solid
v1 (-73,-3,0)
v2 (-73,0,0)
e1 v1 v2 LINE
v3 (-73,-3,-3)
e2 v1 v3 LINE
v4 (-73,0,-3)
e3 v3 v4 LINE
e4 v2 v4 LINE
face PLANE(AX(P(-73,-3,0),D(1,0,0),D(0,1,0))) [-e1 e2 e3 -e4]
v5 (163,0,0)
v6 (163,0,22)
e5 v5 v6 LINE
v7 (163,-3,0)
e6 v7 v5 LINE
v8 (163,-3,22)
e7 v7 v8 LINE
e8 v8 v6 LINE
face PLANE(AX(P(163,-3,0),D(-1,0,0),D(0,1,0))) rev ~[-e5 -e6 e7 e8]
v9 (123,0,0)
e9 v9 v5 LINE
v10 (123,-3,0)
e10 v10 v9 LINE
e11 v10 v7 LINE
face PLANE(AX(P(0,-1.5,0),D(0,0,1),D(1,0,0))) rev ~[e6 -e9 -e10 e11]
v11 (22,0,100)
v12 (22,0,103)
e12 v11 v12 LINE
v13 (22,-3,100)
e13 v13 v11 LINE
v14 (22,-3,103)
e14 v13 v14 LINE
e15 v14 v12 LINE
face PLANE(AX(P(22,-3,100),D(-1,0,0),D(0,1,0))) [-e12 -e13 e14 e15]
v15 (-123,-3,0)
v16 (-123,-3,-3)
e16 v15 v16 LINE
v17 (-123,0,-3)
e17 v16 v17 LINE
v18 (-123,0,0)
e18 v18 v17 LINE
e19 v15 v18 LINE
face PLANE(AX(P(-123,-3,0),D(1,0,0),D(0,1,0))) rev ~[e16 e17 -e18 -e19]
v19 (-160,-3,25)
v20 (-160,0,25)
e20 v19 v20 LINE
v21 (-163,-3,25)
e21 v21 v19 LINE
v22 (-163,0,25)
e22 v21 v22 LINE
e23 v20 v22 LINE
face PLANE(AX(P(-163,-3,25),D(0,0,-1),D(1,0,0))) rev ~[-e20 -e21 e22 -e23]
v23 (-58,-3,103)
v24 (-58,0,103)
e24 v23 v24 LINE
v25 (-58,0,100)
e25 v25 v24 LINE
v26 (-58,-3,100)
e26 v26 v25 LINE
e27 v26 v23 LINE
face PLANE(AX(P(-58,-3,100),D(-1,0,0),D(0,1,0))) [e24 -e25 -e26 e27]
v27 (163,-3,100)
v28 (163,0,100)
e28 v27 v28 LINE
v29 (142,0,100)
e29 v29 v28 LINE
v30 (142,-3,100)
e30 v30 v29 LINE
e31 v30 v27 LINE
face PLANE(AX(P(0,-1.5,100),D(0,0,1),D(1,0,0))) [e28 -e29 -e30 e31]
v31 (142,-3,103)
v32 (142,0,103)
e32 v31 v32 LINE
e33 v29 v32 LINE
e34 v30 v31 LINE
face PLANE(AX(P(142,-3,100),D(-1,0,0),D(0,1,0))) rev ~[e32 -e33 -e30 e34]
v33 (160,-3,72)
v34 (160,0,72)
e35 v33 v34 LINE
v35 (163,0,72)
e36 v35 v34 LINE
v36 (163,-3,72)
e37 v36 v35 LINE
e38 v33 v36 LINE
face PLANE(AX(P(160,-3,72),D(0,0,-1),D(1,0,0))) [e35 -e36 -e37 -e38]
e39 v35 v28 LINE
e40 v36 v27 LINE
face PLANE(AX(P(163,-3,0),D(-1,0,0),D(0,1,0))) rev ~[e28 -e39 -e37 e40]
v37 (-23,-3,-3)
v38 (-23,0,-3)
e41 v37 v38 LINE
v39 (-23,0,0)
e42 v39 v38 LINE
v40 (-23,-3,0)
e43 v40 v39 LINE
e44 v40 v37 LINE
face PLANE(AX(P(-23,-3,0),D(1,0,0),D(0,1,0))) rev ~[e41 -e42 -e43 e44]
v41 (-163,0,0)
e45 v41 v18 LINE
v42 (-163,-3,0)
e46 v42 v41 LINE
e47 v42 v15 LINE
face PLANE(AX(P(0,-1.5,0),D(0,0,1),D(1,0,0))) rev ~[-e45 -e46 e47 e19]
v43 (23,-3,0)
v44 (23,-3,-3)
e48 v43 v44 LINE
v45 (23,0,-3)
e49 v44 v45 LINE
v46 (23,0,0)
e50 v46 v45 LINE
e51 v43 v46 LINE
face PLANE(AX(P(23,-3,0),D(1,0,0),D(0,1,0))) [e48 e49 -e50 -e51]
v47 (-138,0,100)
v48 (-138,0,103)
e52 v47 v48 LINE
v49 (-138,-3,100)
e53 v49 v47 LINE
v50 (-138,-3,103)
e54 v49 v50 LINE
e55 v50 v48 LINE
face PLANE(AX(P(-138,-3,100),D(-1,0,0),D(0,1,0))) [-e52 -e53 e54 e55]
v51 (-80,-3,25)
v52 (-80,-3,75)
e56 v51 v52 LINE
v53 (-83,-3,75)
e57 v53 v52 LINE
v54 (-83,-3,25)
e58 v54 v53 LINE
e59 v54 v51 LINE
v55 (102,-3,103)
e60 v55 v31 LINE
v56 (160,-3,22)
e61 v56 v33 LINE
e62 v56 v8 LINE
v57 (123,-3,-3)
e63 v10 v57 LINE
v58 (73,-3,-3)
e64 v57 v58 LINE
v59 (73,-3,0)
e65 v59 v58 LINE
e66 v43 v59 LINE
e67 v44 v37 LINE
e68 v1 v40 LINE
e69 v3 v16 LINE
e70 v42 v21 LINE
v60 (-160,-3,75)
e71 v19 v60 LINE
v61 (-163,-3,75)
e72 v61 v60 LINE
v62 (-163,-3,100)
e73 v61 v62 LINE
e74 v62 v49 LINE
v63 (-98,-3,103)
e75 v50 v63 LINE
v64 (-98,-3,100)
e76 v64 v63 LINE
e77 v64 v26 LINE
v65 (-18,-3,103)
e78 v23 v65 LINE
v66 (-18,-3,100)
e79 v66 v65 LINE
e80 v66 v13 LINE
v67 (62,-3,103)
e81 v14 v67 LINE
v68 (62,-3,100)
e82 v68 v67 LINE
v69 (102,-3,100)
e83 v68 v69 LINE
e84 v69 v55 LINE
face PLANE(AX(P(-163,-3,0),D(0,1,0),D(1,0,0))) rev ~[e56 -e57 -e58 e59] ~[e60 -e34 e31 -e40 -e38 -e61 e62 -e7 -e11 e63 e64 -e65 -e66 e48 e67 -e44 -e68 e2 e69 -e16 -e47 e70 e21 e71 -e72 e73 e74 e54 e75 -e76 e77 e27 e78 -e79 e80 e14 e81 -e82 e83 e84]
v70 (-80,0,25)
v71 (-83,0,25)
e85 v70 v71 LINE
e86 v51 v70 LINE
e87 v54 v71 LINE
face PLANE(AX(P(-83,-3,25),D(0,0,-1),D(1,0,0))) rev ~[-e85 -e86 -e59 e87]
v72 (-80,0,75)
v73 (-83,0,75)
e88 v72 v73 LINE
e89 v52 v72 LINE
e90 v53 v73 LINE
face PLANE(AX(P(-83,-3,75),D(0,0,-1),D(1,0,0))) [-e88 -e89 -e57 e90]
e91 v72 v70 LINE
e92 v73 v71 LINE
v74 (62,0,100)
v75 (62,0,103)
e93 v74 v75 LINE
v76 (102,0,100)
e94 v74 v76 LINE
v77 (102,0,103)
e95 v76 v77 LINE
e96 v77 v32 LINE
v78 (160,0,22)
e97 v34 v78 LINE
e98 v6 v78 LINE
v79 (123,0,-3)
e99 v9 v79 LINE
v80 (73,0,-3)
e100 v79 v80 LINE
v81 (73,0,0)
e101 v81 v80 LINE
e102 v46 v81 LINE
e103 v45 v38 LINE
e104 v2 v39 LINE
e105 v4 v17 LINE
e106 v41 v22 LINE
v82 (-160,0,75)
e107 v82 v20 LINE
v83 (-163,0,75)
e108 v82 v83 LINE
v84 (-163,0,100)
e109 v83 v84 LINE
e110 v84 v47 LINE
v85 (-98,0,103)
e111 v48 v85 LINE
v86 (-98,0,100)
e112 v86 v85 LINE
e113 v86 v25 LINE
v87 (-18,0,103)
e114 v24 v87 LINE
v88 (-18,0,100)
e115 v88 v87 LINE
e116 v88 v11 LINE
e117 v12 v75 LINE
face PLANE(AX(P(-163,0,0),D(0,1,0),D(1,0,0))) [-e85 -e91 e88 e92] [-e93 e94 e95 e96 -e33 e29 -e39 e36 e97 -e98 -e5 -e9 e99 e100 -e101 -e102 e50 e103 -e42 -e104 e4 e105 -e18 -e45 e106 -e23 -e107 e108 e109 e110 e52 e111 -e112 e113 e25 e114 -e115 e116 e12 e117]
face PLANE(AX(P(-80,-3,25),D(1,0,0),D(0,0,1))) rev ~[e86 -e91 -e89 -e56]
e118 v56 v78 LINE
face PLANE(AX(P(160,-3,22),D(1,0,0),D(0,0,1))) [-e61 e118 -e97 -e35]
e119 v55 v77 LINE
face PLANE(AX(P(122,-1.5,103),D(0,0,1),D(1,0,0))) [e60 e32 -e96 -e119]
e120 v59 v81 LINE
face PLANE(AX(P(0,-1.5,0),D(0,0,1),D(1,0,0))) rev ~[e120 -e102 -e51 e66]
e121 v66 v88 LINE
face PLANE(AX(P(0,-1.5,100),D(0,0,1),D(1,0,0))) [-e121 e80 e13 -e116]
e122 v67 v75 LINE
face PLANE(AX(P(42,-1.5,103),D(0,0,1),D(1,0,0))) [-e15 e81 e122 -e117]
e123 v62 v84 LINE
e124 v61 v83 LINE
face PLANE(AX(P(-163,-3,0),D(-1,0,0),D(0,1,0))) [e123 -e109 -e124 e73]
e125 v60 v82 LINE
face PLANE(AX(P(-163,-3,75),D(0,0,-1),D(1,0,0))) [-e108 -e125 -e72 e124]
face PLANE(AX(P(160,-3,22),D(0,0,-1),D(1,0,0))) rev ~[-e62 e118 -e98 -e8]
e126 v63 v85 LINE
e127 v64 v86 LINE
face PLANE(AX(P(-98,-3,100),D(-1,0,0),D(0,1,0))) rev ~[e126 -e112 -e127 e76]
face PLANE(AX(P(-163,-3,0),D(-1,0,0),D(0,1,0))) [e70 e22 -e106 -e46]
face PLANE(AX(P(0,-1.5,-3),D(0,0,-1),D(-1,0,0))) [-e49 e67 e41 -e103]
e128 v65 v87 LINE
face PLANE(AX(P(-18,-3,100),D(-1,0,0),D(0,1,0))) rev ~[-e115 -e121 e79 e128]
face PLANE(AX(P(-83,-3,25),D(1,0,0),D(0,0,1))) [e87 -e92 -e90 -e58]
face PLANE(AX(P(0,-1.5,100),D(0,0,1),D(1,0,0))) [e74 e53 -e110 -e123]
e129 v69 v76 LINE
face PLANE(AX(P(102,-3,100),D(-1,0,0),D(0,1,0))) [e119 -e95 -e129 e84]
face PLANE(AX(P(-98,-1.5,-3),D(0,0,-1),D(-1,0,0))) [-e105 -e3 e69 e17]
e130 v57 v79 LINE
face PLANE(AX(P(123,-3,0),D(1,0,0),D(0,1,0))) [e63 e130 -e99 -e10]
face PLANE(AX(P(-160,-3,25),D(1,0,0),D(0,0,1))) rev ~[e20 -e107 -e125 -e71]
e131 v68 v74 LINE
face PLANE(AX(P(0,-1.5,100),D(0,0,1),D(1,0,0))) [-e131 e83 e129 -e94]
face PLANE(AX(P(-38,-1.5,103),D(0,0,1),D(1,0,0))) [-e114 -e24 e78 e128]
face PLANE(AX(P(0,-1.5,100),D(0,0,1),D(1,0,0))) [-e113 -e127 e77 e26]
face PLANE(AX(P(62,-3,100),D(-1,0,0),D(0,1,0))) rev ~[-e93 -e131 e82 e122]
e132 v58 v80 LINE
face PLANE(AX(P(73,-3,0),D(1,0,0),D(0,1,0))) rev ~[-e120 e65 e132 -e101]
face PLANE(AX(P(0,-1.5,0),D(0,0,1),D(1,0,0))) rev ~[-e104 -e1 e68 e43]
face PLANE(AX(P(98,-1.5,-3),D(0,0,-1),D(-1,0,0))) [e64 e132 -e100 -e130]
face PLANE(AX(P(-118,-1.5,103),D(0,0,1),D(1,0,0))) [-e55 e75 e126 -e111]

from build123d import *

# Parameters (mm, degrees)
SKETCH1_W           = 326
SKETCH1_H           = 3
BOSS_EXTRUDE1_DEPTH = 100
SKETCH2_W           = 50
SKETCH2_H           = 3
SKETCH2_W_2         = 46
BOSS_EXTRUDE2_DEPTH = 3
SKETCH3_W           = 3
SKETCH3_H           = 50
CUT_EXTRUDE1_DEPTH  = 6
SKETCH4_W           = 3
SKETCH4_H           = 50
CUT_EXTRUDE2_DEPTH  = 6
SKETCH5_W           = 3
SKETCH5_H           = 50
CUT_EXTRUDE3_DEPTH  = 6
SKETCH6_W           = 40
SKETCH6_H           = 3
BOSS_EXTRUDE3_DEPTH = 3


with BuildPart() as part:
    # Sketch1 → Boss-Extrude1 (new body)
    with BuildSketch(Plane.XY):
        with Locations((0, -1.5)):
            Rectangle(SKETCH1_W, SKETCH1_H)
    extrude(amount=BOSS_EXTRUDE1_DEPTH)

    # Sketch2 → Boss-Extrude2 (add)
    with BuildSketch(Plane(origin=(0, 0, 0), x_dir=(-1, 0, 0), z_dir=(0, 0, -1))):
        with Locations((-98, -1.5)):
            Rectangle(SKETCH2_W, SKETCH2_H)
        with Locations((0, -1.5)):
            Rectangle(SKETCH2_W_2, SKETCH2_H)
        with Locations((98, -1.5)):
            Rectangle(SKETCH2_W, SKETCH2_H)
    extrude(amount=BOSS_EXTRUDE2_DEPTH)

    # Sketch3 → Cut-Extrude1 (cut)
    with BuildSketch(Plane.XZ.offset(3)):
        with Locations((-161.5, 50)):
            Rectangle(SKETCH3_W, SKETCH3_H)
    extrude(amount=-CUT_EXTRUDE1_DEPTH, mode=Mode.SUBTRACT)

    # Sketch4 → Cut-Extrude2 (cut)
    with BuildSketch(Plane.XZ.offset(3)):
        with Locations((-81.5, 50)):
            Rectangle(SKETCH4_W, SKETCH4_H)
    extrude(amount=-CUT_EXTRUDE2_DEPTH, mode=Mode.SUBTRACT)

    # Sketch5 → Cut-Extrude3 (cut)
    with BuildSketch(Plane.XZ.offset(3)):
        with Locations((161.5, 47)):
            Rectangle(SKETCH5_W, SKETCH5_H)
    extrude(amount=-CUT_EXTRUDE3_DEPTH, mode=Mode.SUBTRACT)

    # Sketch6 → Boss-Extrude3 (add)
    with BuildSketch(Plane.XY.offset(100)):
        with Locations((-118, -1.5)):
            Rectangle(SKETCH6_W, SKETCH6_H)
        with Locations((-38, -1.5)):
            Rectangle(SKETCH6_W, SKETCH6_H)
        with Locations((42, -1.5)):
            Rectangle(SKETCH6_W, SKETCH6_H)
        with Locations((122, -1.5)):
            Rectangle(SKETCH6_W, SKETCH6_H)
    extrude(amount=BOSS_EXTRUDE3_DEPTH)


solid = part.part
